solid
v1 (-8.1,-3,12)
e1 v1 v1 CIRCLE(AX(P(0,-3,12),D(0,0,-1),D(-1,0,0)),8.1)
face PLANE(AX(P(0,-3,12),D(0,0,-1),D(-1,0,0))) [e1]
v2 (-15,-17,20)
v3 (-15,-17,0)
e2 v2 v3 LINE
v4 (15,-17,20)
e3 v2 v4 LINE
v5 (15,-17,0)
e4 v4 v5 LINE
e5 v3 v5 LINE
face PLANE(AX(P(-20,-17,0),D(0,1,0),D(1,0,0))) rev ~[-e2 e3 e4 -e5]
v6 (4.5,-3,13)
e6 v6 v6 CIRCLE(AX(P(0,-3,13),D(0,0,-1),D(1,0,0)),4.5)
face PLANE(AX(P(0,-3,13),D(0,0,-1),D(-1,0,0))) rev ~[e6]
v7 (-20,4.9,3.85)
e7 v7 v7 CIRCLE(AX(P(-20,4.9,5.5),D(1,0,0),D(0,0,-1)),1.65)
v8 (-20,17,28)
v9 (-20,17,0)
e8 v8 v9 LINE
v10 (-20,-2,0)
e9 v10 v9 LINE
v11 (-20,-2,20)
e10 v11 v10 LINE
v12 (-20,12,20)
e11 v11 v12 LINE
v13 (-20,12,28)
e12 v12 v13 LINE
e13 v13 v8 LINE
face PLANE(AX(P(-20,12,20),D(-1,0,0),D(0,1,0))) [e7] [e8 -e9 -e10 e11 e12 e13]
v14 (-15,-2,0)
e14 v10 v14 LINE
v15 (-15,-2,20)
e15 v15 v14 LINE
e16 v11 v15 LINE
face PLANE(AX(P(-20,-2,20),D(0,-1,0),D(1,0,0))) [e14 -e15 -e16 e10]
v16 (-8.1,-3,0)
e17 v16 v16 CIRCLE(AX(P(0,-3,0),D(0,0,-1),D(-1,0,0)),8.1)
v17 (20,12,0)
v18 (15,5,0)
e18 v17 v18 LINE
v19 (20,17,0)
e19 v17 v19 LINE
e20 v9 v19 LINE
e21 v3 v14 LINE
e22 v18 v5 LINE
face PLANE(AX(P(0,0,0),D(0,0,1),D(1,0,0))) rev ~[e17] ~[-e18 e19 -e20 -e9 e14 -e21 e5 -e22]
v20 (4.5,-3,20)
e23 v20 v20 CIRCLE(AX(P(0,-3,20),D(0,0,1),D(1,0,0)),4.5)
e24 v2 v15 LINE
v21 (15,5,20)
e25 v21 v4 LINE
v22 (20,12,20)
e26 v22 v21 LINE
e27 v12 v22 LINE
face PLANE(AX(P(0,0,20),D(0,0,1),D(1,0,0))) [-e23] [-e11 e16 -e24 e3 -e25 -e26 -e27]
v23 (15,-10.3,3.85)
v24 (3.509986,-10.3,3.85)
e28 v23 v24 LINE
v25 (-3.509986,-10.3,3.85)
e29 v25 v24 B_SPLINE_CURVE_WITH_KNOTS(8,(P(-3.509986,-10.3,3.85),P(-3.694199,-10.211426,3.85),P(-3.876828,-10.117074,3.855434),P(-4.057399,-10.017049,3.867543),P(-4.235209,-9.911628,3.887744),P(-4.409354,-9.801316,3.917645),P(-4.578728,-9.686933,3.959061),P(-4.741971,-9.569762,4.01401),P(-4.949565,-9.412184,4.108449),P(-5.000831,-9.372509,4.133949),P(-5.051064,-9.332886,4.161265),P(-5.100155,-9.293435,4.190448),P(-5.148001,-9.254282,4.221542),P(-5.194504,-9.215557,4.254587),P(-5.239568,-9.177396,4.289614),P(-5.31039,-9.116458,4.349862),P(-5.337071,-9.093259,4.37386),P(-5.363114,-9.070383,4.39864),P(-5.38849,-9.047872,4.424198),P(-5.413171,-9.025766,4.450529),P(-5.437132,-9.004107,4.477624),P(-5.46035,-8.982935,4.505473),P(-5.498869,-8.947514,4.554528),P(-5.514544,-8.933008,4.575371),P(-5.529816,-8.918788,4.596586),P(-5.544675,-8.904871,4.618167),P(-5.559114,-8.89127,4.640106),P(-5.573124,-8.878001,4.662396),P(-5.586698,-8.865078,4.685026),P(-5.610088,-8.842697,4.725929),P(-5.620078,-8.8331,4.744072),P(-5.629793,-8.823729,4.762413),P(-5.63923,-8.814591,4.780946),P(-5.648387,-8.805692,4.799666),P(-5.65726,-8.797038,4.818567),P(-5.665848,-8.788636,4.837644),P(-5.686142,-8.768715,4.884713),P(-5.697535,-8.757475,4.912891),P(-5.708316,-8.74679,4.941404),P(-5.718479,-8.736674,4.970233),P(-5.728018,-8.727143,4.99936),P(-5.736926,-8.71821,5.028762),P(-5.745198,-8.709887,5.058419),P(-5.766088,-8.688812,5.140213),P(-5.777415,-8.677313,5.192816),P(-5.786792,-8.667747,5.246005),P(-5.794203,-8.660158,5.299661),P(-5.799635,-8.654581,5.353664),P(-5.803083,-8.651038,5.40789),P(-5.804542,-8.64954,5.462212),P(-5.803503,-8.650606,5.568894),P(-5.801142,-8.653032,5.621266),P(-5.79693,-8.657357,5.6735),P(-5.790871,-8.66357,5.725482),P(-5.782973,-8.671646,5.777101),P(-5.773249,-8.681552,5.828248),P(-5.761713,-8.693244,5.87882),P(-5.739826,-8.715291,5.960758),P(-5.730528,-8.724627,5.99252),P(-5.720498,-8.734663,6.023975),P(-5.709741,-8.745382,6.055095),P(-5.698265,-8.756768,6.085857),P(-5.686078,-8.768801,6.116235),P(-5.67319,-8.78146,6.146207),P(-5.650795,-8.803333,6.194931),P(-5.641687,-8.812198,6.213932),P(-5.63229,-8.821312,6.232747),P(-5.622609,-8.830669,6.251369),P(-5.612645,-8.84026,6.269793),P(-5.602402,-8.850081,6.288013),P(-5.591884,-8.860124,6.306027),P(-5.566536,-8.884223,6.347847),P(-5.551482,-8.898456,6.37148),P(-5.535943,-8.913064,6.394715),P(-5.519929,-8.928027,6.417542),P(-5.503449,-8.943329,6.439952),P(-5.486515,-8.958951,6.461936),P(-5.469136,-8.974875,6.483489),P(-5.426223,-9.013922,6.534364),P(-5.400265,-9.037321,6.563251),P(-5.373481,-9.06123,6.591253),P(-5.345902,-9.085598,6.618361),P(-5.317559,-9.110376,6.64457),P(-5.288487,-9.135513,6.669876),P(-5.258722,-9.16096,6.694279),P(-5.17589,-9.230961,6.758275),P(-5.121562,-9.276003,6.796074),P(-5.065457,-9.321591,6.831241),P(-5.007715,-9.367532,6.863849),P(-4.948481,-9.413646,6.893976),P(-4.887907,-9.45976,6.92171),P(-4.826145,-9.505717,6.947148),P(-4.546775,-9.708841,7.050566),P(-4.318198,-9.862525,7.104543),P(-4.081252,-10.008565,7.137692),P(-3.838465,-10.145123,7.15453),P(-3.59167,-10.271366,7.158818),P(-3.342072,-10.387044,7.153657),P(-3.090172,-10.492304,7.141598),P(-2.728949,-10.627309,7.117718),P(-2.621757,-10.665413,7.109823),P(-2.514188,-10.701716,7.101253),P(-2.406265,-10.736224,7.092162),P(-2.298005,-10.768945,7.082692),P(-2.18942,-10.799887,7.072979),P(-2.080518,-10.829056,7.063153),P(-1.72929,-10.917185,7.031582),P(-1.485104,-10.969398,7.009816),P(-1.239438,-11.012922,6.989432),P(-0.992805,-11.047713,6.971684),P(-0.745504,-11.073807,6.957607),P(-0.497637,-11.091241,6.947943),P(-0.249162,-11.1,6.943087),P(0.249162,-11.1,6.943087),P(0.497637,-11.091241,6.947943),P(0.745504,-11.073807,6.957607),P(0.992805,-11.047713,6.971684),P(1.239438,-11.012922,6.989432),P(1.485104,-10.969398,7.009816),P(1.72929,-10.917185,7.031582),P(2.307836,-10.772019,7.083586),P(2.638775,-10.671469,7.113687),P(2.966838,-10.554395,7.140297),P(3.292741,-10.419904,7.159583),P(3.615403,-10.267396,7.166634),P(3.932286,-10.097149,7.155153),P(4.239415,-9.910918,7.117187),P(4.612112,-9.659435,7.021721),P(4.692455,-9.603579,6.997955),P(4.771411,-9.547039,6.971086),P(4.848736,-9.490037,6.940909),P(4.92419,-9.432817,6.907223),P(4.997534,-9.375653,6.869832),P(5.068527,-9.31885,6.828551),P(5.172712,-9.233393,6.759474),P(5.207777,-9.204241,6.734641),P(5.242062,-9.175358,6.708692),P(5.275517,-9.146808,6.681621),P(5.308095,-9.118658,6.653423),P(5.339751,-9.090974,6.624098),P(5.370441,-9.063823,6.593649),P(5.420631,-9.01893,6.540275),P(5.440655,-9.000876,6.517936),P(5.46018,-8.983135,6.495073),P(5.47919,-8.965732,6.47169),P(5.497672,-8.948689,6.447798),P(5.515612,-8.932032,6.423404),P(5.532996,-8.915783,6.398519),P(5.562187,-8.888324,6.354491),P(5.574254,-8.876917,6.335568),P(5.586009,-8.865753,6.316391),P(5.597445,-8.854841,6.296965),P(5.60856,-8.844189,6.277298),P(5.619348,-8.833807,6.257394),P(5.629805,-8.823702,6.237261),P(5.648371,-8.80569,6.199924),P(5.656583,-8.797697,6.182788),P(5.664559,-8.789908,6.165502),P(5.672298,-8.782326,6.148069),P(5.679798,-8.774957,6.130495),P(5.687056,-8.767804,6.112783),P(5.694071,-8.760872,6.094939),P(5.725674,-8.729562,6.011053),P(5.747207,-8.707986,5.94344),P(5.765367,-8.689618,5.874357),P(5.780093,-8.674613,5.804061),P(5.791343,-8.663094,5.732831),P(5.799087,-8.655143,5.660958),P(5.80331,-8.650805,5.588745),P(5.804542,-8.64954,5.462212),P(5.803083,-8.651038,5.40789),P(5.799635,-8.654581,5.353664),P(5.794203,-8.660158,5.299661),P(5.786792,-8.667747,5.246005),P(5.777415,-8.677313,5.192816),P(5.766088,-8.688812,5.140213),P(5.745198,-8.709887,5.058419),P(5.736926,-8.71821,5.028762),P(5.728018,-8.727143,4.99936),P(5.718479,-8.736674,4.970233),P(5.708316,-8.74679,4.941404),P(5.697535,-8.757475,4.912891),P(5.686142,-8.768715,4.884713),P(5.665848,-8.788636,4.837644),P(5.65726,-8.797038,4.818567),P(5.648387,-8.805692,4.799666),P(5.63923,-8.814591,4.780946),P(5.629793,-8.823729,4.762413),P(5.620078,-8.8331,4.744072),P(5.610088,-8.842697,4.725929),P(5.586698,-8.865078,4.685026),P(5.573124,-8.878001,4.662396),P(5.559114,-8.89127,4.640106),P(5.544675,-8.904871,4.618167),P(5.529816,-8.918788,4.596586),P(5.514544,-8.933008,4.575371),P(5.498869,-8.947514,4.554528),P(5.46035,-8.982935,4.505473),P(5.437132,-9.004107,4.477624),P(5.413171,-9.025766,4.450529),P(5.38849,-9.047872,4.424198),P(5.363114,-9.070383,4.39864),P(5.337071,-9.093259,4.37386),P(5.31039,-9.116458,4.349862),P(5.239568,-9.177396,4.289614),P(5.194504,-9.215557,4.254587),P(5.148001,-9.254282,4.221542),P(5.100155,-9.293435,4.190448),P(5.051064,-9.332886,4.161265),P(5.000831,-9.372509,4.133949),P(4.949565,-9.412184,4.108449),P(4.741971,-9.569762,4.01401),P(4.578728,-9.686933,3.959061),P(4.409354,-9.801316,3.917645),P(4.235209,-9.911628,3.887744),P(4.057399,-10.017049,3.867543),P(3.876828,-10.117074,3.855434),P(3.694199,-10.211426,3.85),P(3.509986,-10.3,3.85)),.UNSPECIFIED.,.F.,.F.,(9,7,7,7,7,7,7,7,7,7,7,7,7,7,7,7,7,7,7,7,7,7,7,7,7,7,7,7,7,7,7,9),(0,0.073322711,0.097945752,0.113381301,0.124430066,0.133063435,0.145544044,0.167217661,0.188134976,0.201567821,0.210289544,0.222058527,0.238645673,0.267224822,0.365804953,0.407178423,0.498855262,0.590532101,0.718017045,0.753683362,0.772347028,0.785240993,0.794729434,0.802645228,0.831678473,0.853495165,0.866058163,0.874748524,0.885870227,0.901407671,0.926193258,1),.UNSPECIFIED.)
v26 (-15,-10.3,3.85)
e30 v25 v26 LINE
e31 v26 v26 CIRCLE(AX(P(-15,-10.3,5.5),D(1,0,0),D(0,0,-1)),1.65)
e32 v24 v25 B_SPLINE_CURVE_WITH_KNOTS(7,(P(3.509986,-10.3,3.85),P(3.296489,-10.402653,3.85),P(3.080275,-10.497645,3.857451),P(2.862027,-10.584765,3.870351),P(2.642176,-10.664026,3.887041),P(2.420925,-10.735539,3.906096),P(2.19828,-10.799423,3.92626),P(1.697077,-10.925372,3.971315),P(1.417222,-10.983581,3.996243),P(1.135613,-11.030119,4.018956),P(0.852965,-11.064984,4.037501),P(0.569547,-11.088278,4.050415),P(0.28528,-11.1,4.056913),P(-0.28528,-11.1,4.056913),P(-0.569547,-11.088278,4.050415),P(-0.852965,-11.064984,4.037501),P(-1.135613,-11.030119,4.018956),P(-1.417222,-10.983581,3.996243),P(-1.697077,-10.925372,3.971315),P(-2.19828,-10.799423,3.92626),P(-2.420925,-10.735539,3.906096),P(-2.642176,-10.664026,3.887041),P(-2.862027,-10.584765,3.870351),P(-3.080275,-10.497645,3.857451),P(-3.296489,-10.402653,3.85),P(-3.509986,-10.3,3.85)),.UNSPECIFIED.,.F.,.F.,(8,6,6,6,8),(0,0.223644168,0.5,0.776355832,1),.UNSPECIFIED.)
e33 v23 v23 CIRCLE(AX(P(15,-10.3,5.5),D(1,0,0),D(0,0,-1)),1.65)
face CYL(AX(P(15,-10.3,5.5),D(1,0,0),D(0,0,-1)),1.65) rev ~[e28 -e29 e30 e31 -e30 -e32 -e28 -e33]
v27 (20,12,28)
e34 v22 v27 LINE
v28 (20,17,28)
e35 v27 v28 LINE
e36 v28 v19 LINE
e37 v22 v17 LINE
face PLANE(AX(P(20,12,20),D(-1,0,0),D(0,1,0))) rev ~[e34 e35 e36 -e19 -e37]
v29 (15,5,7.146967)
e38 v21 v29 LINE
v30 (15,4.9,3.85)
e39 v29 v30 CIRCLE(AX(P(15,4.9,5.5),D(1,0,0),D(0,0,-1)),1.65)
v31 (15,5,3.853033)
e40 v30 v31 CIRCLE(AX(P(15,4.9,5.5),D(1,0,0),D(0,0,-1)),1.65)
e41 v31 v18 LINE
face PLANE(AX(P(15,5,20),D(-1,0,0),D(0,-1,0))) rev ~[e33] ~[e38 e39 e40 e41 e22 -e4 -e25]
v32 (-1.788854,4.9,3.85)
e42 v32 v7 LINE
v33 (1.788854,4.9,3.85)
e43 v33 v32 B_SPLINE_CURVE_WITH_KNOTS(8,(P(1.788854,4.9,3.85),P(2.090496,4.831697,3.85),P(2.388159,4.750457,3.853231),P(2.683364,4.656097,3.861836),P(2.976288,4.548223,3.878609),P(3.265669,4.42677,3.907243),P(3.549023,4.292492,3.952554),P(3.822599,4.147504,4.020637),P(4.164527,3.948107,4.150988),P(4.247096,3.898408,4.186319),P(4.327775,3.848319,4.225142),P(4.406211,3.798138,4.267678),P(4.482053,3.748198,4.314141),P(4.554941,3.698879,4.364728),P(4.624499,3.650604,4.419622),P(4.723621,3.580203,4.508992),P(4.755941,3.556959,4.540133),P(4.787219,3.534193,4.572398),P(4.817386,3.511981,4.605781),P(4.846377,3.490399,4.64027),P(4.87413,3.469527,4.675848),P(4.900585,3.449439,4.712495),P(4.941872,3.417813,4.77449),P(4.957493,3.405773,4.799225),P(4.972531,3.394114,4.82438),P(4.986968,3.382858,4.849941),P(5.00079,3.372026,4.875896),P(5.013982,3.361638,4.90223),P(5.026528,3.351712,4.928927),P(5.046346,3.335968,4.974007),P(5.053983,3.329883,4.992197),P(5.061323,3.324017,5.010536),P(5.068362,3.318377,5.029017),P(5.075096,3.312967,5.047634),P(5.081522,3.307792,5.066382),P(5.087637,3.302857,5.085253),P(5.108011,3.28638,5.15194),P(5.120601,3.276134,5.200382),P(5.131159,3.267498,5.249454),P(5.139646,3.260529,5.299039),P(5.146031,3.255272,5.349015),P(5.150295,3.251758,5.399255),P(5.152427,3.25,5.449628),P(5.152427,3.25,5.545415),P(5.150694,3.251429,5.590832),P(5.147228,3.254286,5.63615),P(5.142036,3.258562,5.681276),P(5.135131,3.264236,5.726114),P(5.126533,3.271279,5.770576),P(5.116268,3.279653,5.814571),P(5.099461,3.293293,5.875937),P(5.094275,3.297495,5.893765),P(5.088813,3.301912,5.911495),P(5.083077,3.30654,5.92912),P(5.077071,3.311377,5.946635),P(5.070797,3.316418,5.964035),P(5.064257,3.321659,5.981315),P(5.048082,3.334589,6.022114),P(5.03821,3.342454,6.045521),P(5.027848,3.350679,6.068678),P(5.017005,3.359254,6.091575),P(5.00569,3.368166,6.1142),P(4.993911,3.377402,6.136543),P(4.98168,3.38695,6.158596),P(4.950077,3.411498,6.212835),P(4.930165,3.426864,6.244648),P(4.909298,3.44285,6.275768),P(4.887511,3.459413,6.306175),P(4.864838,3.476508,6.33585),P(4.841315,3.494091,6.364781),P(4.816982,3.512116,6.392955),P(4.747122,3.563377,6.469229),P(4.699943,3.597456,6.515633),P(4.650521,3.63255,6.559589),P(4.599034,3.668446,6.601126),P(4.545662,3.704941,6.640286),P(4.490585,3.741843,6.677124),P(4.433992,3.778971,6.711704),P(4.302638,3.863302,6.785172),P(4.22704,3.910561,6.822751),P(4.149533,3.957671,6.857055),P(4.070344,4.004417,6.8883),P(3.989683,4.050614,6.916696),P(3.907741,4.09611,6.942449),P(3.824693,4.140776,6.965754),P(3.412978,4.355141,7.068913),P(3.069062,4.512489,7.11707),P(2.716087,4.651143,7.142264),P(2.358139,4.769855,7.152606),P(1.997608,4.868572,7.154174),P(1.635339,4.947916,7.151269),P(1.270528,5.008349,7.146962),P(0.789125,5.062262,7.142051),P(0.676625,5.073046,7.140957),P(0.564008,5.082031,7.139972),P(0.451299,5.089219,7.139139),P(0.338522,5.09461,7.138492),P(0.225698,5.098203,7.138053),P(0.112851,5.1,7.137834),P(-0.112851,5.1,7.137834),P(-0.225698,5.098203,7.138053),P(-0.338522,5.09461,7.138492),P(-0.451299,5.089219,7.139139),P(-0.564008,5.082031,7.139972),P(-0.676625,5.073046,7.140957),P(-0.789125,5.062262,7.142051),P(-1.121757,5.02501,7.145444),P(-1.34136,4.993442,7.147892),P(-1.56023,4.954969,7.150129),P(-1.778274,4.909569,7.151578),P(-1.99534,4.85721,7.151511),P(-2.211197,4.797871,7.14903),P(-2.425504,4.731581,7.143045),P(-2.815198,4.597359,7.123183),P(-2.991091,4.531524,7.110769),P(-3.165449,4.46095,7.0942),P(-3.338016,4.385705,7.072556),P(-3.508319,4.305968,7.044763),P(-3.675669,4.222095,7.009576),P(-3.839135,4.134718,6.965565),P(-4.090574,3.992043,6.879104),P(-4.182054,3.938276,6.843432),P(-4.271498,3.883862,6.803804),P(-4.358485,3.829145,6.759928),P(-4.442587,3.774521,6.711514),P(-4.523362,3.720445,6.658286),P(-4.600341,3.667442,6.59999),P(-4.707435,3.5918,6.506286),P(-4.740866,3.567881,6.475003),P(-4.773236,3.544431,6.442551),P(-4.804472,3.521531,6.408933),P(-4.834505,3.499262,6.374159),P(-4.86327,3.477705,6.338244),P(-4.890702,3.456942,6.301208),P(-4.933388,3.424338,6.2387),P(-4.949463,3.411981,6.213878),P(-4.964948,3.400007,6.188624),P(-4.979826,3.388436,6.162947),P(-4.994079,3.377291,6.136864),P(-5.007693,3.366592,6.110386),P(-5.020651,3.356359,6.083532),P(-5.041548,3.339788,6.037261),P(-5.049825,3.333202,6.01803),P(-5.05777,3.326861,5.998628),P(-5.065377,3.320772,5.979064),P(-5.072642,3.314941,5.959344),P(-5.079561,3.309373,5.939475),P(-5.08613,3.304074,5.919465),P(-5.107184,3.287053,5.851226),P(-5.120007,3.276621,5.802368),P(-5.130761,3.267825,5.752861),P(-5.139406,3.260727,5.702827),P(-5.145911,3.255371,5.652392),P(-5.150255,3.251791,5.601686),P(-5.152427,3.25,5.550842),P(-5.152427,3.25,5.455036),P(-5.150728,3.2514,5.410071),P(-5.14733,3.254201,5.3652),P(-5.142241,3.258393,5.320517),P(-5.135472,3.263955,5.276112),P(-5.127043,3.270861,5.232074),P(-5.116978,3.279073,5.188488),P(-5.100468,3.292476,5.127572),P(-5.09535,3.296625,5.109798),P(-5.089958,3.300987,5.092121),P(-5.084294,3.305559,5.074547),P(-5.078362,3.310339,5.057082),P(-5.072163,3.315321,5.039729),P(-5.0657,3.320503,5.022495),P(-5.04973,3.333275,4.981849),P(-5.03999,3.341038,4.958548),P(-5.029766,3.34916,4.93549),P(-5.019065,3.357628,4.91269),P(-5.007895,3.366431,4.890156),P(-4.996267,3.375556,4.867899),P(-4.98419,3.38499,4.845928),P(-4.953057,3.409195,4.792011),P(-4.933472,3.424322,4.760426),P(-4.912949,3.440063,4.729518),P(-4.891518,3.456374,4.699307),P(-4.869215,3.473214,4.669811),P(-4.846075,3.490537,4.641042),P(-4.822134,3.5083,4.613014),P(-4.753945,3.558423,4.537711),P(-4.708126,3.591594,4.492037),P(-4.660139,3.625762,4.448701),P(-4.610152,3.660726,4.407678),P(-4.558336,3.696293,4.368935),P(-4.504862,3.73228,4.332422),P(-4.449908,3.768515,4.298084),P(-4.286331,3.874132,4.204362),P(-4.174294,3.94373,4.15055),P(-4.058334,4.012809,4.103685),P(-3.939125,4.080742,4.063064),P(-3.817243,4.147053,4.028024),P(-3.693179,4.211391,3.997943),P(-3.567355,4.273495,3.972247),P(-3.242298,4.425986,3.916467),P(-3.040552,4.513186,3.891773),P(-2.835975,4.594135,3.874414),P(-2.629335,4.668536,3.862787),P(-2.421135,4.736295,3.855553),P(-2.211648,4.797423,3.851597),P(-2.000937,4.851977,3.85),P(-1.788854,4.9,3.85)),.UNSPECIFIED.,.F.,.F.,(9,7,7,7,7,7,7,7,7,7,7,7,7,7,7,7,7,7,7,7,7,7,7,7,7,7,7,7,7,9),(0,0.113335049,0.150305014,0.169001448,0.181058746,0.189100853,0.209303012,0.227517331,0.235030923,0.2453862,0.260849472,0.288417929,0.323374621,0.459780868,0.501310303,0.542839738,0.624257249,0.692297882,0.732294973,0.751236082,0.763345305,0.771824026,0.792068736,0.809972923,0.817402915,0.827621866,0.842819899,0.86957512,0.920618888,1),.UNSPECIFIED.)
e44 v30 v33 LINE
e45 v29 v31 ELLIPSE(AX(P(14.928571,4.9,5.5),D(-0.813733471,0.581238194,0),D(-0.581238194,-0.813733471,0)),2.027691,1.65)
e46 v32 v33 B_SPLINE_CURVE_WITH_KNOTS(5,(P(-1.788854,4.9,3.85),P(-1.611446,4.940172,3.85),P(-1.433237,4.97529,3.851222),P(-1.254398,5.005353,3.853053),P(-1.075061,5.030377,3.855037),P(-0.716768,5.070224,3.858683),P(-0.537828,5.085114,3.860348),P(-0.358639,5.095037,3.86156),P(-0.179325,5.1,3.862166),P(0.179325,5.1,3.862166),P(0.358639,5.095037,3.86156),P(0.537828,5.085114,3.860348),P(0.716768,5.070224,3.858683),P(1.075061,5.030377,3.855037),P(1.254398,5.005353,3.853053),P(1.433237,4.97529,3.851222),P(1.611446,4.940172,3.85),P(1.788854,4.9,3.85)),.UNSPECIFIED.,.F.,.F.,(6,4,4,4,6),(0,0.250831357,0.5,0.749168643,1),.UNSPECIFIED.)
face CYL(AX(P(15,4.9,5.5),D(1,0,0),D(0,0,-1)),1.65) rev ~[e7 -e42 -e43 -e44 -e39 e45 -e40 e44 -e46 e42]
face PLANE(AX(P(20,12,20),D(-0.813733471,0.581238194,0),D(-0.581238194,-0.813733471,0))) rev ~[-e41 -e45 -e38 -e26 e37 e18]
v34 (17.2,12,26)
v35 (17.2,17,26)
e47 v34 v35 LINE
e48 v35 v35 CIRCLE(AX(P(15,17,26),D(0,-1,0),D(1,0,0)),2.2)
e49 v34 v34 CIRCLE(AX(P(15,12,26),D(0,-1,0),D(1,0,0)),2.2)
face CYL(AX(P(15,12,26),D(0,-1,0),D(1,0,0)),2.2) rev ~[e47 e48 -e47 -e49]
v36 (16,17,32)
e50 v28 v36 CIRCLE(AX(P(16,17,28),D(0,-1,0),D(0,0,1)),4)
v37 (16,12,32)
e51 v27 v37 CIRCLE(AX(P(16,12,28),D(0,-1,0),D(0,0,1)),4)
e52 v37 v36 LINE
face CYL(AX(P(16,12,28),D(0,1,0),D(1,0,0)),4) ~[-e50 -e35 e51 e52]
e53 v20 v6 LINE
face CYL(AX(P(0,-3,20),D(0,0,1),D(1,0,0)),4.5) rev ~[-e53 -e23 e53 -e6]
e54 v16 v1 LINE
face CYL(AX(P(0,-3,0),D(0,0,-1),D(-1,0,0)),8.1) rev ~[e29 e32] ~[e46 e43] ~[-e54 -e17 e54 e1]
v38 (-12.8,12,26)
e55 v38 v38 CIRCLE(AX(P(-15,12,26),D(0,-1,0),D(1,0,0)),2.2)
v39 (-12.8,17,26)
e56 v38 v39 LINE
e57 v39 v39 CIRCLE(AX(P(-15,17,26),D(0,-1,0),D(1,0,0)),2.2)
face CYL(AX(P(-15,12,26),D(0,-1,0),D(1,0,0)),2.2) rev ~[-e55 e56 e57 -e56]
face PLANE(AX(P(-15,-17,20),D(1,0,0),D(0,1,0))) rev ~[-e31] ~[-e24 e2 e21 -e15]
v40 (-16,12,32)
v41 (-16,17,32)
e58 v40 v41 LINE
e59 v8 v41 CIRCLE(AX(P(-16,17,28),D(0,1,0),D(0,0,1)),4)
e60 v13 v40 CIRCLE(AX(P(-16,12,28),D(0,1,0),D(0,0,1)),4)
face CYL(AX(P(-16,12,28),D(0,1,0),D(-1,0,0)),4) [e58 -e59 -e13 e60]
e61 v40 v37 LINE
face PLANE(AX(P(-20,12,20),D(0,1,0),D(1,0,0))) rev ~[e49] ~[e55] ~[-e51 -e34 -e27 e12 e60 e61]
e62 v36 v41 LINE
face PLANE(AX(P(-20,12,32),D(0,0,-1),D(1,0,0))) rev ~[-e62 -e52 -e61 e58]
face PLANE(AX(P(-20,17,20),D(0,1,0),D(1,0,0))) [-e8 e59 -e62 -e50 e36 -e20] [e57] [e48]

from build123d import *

# Parameters (mm, degrees)
ESQUISSE1_W                  = 40
ESQUISSE1_H                  = 34
BOSS_EXTRU_1_DEPTH           = 20
ESQUISSE2_W                  = 40
ESQUISSE2_H                  = 5
BOSS_EXTRU_3_DEPTH           = 20
ESQUISSE4_R                  = 4.5
ENL_V_MAT_EXTRU_1_DEPTH      = 21
ESQUISSE5_R                  = 8.1
ENL_V_MAT_EXTRU_2_DEPTH      = 12
ENL_V_MAT_EXTRU_3_DEPTH      = 21
ESQUISSE8_R                  = 2.2
ENL_V_MAT_EXTRU_5_DEPTH      = 6
ESQUISSE10_R                 = 4.5
BOSS_EXTRU_4_DEPTH           = 1
ESQUISSE11_W                 = 40
ESQUISSE11_H                 = 8
ENL_V_MAT_EXTRU_6_DEPTH      = 6
CONG_6_R                     = 4
ESQUISSE14_R                 = 1.65
ENL_V_MAT_EXTRU_7_DEPTH      = 6
ENL_V_MAT_EXTRU_7_DEPTH_BACK = 36


with BuildPart() as part:
    # Esquisse1 → Boss.-Extru.1 (new body)
    with BuildSketch(Plane.XY):
        Rectangle(ESQUISSE1_W, ESQUISSE1_H)
    extrude(amount=BOSS_EXTRU_1_DEPTH)

    # Esquisse2 → Boss.-Extru.3 (add)
    with BuildSketch(Plane.XY.offset(20)):
        with Locations((0, 14.5)):
            Rectangle(ESQUISSE2_W, ESQUISSE2_H)
    extrude(amount=BOSS_EXTRU_3_DEPTH)

    # Esquisse4 → Enlèv. mat.-Extru.1 (cut, through all)
    with BuildSketch(Plane.XY.offset(20)):
        with Locations((0, -3)):
            Circle(ESQUISSE4_R)
    extrude(amount=-ENL_V_MAT_EXTRU_1_DEPTH, mode=Mode.SUBTRACT)

    # Esquisse5 → Enlèv. mat.-Extru.2 (cut)
    with BuildSketch(Plane(origin=(0, 0, 0), x_dir=(-1, 0, 0), z_dir=(0, 0, -1))):
        with Locations((0, -3)):
            Circle(ESQUISSE5_R)
    extrude(amount=-ENL_V_MAT_EXTRU_2_DEPTH, mode=Mode.SUBTRACT)

    # Esquisse6 → Enlèv. mat.-Extru.3 (cut, through all)
    with BuildSketch(Plane.XY.offset(20)):
        Polygon((-20, -17), (-20, -2), (-15, -2), (-15, -7), (-15, -17), align=None)
        Polygon((20, 12), (15, 5), (15, -17), (20, -17), align=None)
    extrude(amount=-ENL_V_MAT_EXTRU_3_DEPTH, mode=Mode.SUBTRACT)

    # Esquisse8 → Enlèv. mat.-Extru.5 (cut, through all)
    with BuildSketch(Plane.XZ.offset(-12)):
        with Locations((-15, 26)):
            Circle(ESQUISSE8_R)
        with Locations((15, 26)):
            Circle(ESQUISSE8_R)
    extrude(amount=-ENL_V_MAT_EXTRU_5_DEPTH, mode=Mode.SUBTRACT)

    # Esquisse10 → Boss.-Extru.4 (add)
    with BuildSketch(Plane(origin=(0, 0, 12), x_dir=(-1, 0, 0), z_dir=(0, 0, -1))):
        with Locations((0, -3)):
            Circle(ESQUISSE10_R)
    extrude(amount=-BOSS_EXTRU_4_DEPTH)

    # Esquisse11 → Enlèv. mat.-Extru.6 (cut, through all)
    with BuildSketch(Plane.XZ.offset(-12)):
        with Locations((0, 36)):
            Rectangle(ESQUISSE11_W, ESQUISSE11_H)
    extrude(amount=-ENL_V_MAT_EXTRU_6_DEPTH, mode=Mode.SUBTRACT)

    # Congé6
    cong_6_edges = [part.edges().sort_by_distance(p)[0] for p in [
        (-20, 14.5, 32),
        (20, 14.5, 32),
    ]]
    fillet(cong_6_edges, radius=CONG_6_R)

    # Esquisse14 → Enlèv. mat.-Extru.7 (cut, two sides)
    with BuildSketch(Plane(origin=(15, 0, 0), x_dir=(0, 0, -1), z_dir=(1, 0, 0))) as enl_v_mat_extru_7_sk:
        with Locations((-5.5, -10.3)):
            Circle(ESQUISSE14_R)
        with Locations((-5.5, 4.9)):
            Circle(ESQUISSE14_R)
    extrude(amount=ENL_V_MAT_EXTRU_7_DEPTH, mode=Mode.SUBTRACT)
    extrude(enl_v_mat_extru_7_sk.sketch, amount=-ENL_V_MAT_EXTRU_7_DEPTH_BACK, mode=Mode.SUBTRACT)


solid = part.part
